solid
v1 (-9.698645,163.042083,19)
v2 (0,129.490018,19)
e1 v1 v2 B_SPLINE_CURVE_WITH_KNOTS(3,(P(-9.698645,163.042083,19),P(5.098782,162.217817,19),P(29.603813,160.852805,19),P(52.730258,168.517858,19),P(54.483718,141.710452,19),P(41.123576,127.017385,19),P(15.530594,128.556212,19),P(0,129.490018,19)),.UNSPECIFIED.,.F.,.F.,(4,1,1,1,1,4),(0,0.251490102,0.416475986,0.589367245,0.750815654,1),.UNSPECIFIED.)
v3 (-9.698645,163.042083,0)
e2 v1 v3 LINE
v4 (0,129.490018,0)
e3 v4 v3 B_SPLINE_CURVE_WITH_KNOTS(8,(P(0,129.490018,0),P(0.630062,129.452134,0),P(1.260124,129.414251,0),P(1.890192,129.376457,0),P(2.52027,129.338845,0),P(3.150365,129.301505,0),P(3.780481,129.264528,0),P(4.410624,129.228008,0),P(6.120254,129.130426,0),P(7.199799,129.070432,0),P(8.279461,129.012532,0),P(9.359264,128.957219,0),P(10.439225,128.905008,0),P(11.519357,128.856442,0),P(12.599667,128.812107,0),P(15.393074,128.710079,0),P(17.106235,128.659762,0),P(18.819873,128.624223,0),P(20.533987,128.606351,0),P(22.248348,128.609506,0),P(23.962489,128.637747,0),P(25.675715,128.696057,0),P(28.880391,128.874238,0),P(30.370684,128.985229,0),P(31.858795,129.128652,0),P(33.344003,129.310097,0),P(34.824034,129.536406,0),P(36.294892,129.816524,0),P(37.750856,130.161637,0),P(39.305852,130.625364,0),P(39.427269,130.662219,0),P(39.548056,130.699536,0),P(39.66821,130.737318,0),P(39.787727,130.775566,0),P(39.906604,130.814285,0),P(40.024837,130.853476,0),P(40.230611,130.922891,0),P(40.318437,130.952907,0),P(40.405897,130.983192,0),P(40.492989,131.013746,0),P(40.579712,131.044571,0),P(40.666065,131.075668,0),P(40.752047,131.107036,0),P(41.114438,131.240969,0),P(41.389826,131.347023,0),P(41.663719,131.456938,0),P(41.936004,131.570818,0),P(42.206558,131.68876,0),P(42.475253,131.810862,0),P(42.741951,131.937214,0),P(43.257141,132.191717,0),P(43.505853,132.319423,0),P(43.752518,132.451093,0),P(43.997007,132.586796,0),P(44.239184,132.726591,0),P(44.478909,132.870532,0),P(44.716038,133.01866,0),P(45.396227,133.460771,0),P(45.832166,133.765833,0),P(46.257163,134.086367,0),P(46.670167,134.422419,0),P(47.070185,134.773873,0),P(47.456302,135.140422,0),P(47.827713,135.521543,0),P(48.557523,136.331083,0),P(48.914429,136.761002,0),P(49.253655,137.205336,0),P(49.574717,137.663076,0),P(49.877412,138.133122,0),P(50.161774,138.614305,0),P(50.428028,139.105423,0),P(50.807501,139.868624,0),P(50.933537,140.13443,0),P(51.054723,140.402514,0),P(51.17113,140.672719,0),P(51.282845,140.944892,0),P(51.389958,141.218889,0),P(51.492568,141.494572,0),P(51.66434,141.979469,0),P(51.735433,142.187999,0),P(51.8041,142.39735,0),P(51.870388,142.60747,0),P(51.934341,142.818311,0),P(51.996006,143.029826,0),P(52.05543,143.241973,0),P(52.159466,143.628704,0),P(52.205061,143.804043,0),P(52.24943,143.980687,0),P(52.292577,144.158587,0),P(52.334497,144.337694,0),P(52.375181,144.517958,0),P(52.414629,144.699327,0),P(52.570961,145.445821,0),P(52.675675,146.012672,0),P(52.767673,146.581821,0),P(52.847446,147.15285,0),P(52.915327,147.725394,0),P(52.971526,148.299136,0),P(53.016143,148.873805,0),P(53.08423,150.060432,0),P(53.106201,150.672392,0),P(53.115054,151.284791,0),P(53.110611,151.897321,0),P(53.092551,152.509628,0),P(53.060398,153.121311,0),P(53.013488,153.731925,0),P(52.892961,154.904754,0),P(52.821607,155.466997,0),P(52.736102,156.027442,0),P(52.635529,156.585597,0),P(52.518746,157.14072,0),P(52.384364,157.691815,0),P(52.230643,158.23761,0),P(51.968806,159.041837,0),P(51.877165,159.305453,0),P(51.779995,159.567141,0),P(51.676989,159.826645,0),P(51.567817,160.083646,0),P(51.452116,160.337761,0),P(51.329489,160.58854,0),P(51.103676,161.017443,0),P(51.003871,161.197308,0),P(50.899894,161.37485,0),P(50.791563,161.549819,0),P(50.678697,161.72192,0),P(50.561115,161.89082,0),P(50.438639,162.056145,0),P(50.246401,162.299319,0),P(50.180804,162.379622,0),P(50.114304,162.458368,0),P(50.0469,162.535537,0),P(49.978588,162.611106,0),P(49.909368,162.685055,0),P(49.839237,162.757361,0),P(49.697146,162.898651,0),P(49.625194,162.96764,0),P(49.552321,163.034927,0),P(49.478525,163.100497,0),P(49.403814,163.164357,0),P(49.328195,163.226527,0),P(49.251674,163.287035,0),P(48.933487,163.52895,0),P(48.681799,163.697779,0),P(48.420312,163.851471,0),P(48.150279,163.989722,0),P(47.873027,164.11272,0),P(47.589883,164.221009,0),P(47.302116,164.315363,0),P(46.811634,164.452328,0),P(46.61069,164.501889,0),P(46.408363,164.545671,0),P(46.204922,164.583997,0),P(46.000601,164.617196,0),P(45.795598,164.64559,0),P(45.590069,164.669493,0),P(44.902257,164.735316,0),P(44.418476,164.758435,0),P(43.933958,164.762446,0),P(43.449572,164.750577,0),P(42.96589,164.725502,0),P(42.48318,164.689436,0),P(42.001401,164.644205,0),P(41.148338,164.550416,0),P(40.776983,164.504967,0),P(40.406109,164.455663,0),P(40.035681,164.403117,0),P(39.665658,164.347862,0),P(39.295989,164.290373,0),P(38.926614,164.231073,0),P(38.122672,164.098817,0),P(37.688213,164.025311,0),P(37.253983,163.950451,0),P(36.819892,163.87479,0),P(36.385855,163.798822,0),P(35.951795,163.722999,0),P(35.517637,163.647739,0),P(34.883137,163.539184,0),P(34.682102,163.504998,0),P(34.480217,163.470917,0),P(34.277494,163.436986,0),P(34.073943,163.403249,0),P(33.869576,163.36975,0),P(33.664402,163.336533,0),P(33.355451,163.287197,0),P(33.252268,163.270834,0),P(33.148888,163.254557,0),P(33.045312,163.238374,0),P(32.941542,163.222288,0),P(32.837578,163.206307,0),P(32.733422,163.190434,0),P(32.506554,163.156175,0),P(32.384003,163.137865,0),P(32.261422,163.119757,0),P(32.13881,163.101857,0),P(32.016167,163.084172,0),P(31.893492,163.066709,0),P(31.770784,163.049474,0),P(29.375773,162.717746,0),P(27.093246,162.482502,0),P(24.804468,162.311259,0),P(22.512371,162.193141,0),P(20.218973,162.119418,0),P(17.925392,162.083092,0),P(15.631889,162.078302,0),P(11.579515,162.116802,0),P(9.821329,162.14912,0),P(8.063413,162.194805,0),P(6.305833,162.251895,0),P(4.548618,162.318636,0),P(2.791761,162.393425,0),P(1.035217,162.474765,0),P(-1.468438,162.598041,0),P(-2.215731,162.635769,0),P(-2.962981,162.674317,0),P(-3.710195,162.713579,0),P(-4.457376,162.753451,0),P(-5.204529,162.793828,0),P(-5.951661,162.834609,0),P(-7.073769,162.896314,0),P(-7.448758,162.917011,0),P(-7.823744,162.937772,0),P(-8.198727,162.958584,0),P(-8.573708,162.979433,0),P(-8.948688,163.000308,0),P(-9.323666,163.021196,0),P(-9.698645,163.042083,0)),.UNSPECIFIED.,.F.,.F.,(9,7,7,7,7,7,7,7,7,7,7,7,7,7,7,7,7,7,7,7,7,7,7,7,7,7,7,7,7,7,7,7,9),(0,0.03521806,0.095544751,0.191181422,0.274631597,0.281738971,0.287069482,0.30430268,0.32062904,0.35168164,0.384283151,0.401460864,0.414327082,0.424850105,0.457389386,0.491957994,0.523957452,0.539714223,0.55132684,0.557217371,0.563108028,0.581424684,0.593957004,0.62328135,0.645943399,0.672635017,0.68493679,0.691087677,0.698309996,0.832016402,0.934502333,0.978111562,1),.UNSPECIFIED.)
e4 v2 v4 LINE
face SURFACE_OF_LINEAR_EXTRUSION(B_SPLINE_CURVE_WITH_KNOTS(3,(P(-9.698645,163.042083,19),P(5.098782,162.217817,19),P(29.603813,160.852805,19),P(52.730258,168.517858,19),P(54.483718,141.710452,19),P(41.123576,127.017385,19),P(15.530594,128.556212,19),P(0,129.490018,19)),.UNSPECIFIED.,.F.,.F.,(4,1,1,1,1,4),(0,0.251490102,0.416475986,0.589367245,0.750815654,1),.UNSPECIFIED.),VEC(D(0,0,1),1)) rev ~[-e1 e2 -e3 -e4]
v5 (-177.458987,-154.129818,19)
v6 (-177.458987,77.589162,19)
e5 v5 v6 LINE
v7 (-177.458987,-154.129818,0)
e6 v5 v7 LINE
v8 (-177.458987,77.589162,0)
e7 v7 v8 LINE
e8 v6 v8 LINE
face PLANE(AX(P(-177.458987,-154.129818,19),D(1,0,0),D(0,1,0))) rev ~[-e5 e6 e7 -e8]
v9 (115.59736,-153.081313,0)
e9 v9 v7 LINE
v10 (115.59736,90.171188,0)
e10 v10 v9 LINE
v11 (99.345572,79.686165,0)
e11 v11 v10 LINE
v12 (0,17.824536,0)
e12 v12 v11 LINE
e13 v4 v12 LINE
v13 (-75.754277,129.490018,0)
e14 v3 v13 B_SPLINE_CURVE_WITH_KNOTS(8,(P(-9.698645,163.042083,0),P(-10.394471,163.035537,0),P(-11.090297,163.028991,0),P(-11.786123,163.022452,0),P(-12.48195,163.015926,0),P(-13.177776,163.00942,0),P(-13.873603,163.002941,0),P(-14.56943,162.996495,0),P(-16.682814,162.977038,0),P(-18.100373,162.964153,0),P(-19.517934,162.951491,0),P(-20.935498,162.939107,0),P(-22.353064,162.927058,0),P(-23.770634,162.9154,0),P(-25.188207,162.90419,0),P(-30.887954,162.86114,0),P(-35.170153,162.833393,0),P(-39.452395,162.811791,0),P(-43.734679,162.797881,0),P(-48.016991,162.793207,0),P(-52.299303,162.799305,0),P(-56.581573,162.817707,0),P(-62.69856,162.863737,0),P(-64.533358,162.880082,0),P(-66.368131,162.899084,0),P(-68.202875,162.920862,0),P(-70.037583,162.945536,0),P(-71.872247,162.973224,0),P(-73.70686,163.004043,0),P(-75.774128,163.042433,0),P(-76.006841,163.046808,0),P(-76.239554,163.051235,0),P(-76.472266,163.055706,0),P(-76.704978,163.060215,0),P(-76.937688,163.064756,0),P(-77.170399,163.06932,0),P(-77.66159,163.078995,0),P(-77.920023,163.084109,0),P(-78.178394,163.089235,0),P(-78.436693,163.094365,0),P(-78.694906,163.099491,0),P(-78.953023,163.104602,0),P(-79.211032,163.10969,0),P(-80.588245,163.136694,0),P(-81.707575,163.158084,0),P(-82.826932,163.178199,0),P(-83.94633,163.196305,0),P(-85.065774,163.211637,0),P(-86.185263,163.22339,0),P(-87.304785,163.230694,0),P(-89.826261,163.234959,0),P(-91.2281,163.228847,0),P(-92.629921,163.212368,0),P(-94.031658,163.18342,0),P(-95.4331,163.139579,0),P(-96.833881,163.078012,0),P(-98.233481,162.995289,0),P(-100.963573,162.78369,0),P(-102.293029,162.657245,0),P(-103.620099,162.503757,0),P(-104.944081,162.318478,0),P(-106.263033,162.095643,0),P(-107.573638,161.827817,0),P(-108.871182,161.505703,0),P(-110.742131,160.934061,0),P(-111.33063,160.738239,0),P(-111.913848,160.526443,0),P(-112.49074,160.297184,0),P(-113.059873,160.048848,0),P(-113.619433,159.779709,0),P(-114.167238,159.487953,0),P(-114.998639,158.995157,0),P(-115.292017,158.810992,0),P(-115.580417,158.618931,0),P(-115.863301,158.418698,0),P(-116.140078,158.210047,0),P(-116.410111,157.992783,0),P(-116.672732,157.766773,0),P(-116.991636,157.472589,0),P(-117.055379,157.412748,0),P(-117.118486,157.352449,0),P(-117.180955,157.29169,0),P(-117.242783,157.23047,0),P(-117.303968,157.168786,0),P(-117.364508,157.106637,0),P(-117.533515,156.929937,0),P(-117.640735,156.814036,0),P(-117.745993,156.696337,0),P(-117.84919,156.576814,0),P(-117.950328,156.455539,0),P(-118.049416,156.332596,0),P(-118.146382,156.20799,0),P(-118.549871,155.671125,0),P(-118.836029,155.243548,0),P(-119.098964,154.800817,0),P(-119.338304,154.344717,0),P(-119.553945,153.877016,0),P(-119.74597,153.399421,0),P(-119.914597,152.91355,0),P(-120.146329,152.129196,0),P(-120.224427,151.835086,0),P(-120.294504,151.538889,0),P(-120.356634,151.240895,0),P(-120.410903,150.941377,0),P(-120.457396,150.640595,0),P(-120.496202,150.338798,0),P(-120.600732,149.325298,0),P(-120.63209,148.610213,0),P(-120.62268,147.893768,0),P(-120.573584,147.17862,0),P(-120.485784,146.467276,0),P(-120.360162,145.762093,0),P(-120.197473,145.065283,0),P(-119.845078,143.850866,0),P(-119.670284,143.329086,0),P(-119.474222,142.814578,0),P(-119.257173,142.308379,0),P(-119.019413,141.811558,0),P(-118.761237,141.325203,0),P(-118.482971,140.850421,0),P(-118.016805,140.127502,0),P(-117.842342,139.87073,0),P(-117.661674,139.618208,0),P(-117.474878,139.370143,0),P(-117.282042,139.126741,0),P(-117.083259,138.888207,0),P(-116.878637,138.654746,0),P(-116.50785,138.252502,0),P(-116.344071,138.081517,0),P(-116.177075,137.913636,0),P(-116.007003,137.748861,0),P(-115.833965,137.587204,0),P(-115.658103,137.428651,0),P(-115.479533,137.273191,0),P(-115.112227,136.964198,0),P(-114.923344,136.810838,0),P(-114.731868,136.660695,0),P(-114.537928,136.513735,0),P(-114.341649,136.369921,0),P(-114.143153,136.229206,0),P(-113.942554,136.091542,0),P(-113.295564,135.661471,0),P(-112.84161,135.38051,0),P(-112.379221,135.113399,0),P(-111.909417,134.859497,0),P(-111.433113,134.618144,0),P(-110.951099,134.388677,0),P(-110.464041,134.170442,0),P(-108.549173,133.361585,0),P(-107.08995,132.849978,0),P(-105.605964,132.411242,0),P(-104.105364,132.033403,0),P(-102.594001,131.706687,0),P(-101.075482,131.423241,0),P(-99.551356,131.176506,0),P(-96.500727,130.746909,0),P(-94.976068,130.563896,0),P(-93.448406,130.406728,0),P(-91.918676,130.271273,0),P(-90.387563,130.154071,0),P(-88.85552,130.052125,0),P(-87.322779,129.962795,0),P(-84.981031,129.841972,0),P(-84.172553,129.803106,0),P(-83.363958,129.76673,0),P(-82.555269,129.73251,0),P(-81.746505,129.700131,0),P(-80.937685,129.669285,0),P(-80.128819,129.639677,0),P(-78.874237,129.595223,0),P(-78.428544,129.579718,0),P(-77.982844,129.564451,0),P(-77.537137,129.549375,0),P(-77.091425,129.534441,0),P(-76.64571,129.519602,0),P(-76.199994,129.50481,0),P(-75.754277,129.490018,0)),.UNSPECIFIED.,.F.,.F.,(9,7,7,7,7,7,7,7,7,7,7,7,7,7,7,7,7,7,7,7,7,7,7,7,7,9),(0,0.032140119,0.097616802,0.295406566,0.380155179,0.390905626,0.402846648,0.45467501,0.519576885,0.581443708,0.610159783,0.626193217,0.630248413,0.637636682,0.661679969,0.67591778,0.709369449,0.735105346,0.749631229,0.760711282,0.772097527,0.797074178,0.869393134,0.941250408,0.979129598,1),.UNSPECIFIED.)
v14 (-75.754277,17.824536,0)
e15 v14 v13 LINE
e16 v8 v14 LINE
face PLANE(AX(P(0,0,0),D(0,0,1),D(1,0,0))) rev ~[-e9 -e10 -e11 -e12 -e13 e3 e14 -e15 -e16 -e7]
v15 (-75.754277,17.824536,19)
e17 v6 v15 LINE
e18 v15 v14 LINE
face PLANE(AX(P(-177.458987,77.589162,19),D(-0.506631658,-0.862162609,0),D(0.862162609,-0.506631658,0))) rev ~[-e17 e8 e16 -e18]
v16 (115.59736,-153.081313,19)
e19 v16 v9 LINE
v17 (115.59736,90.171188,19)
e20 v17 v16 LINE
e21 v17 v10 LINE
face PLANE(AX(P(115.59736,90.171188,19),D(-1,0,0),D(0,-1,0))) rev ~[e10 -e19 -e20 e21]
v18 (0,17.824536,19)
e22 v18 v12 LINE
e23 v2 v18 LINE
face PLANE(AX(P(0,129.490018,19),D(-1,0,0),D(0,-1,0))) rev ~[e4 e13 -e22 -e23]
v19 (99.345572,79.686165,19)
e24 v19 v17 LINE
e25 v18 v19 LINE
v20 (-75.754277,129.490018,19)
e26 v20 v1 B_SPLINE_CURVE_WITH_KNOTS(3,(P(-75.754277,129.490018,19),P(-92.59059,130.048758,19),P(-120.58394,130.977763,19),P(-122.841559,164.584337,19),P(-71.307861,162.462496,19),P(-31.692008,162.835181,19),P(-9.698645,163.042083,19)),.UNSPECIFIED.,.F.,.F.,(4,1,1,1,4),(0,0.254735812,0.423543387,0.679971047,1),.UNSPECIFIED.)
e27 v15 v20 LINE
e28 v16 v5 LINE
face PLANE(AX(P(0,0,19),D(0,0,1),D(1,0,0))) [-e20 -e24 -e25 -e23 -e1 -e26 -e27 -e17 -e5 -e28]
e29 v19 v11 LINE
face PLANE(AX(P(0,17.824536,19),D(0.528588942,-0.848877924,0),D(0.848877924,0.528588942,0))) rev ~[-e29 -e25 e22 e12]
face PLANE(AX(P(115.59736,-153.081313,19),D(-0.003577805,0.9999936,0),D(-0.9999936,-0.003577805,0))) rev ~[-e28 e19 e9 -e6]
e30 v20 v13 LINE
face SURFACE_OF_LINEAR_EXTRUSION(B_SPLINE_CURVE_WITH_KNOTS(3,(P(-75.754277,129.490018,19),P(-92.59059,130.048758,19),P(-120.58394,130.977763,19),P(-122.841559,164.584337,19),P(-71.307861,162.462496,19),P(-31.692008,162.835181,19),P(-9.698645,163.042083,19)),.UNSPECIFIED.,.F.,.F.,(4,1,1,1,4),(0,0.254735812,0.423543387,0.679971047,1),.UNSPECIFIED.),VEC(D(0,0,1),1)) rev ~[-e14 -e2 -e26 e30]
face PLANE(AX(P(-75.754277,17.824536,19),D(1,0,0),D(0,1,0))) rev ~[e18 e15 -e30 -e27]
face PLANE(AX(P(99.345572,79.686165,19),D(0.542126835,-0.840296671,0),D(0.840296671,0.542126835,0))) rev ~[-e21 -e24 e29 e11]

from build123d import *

# Parameters (mm, degrees)
F0_W     = 400
F0_H     = 350
F1_DEPTH = 19
F2_W     = 400
F2_H     = 350
F3_DEPTH = 19.001


with BuildPart() as f1:
    # F0 (on Top) → F1 (new body)
    with BuildSketch(Plane.XY):
        Rectangle(F0_W, F0_H)
    extrude(amount=F1_DEPTH)

    # F2 (on face) → F3 (cut, through all)
    with BuildSketch(Plane.XY.offset(19)):
        Rectangle(F2_W, F2_H)
        with BuildLine():
            Line((115.5973598361, -153.0813127756), (-177.45898664, -154.1298180819))
            Line((-177.45898664, -154.1298180819), (-177.45898664, 77.589161694))
            Line((-177.45898664, 77.589161694), (-75.7542774081, 17.8245361894))
            Line((-75.7542774081, 17.8245361894), (-75.7542774081, 129.4900178909))
            add(Edge.make_bspline(
                [(-75.7542774081, 129.4900178909), (-92.5905898665, 130.048758271), (-120.5839400698, 130.9777630735), (-122.8415590082, 164.5843374096), (-71.3078606349, 162.4624955112), (-31.6920084545, 162.8351811116), (-9.6986452118, 163.0420833826)],
                knots=[0, 0, 0, 0, 0.2547358121, 0.4235433867, 0.6799710471, 1, 1, 1, 1], degree=3))
            add(Edge.make_bspline(
                [(-9.6986452118, 163.0420833826), (5.098781529, 162.2178172219), (29.6038131176, 160.8528050032), (52.7302576819, 168.517858148), (54.4837178619, 141.7104516905), (41.1235764141, 127.0173850657), (15.530593969, 128.5562115494), (0, 129.4900178909)],
                knots=[0, 0, 0, 0, 0.251490102, 0.4164759862, 0.5893672455, 0.7508156545, 1, 1, 1, 1], degree=3))
            Line((0, 129.4900178909), (0, 17.8245361894))
            Line((0, 17.8245361894), (99.3455722928, 79.686164856))
            Line((99.3455722928, 79.686164856), (115.5973598361, 90.1711881161))
            Line((115.5973598361, 90.1711881161), (115.5973598361, -153.0813127756))
        make_face(mode=Mode.SUBTRACT)
    extrude(amount=-F3_DEPTH, mode=Mode.SUBTRACT)


solid = f1.part
